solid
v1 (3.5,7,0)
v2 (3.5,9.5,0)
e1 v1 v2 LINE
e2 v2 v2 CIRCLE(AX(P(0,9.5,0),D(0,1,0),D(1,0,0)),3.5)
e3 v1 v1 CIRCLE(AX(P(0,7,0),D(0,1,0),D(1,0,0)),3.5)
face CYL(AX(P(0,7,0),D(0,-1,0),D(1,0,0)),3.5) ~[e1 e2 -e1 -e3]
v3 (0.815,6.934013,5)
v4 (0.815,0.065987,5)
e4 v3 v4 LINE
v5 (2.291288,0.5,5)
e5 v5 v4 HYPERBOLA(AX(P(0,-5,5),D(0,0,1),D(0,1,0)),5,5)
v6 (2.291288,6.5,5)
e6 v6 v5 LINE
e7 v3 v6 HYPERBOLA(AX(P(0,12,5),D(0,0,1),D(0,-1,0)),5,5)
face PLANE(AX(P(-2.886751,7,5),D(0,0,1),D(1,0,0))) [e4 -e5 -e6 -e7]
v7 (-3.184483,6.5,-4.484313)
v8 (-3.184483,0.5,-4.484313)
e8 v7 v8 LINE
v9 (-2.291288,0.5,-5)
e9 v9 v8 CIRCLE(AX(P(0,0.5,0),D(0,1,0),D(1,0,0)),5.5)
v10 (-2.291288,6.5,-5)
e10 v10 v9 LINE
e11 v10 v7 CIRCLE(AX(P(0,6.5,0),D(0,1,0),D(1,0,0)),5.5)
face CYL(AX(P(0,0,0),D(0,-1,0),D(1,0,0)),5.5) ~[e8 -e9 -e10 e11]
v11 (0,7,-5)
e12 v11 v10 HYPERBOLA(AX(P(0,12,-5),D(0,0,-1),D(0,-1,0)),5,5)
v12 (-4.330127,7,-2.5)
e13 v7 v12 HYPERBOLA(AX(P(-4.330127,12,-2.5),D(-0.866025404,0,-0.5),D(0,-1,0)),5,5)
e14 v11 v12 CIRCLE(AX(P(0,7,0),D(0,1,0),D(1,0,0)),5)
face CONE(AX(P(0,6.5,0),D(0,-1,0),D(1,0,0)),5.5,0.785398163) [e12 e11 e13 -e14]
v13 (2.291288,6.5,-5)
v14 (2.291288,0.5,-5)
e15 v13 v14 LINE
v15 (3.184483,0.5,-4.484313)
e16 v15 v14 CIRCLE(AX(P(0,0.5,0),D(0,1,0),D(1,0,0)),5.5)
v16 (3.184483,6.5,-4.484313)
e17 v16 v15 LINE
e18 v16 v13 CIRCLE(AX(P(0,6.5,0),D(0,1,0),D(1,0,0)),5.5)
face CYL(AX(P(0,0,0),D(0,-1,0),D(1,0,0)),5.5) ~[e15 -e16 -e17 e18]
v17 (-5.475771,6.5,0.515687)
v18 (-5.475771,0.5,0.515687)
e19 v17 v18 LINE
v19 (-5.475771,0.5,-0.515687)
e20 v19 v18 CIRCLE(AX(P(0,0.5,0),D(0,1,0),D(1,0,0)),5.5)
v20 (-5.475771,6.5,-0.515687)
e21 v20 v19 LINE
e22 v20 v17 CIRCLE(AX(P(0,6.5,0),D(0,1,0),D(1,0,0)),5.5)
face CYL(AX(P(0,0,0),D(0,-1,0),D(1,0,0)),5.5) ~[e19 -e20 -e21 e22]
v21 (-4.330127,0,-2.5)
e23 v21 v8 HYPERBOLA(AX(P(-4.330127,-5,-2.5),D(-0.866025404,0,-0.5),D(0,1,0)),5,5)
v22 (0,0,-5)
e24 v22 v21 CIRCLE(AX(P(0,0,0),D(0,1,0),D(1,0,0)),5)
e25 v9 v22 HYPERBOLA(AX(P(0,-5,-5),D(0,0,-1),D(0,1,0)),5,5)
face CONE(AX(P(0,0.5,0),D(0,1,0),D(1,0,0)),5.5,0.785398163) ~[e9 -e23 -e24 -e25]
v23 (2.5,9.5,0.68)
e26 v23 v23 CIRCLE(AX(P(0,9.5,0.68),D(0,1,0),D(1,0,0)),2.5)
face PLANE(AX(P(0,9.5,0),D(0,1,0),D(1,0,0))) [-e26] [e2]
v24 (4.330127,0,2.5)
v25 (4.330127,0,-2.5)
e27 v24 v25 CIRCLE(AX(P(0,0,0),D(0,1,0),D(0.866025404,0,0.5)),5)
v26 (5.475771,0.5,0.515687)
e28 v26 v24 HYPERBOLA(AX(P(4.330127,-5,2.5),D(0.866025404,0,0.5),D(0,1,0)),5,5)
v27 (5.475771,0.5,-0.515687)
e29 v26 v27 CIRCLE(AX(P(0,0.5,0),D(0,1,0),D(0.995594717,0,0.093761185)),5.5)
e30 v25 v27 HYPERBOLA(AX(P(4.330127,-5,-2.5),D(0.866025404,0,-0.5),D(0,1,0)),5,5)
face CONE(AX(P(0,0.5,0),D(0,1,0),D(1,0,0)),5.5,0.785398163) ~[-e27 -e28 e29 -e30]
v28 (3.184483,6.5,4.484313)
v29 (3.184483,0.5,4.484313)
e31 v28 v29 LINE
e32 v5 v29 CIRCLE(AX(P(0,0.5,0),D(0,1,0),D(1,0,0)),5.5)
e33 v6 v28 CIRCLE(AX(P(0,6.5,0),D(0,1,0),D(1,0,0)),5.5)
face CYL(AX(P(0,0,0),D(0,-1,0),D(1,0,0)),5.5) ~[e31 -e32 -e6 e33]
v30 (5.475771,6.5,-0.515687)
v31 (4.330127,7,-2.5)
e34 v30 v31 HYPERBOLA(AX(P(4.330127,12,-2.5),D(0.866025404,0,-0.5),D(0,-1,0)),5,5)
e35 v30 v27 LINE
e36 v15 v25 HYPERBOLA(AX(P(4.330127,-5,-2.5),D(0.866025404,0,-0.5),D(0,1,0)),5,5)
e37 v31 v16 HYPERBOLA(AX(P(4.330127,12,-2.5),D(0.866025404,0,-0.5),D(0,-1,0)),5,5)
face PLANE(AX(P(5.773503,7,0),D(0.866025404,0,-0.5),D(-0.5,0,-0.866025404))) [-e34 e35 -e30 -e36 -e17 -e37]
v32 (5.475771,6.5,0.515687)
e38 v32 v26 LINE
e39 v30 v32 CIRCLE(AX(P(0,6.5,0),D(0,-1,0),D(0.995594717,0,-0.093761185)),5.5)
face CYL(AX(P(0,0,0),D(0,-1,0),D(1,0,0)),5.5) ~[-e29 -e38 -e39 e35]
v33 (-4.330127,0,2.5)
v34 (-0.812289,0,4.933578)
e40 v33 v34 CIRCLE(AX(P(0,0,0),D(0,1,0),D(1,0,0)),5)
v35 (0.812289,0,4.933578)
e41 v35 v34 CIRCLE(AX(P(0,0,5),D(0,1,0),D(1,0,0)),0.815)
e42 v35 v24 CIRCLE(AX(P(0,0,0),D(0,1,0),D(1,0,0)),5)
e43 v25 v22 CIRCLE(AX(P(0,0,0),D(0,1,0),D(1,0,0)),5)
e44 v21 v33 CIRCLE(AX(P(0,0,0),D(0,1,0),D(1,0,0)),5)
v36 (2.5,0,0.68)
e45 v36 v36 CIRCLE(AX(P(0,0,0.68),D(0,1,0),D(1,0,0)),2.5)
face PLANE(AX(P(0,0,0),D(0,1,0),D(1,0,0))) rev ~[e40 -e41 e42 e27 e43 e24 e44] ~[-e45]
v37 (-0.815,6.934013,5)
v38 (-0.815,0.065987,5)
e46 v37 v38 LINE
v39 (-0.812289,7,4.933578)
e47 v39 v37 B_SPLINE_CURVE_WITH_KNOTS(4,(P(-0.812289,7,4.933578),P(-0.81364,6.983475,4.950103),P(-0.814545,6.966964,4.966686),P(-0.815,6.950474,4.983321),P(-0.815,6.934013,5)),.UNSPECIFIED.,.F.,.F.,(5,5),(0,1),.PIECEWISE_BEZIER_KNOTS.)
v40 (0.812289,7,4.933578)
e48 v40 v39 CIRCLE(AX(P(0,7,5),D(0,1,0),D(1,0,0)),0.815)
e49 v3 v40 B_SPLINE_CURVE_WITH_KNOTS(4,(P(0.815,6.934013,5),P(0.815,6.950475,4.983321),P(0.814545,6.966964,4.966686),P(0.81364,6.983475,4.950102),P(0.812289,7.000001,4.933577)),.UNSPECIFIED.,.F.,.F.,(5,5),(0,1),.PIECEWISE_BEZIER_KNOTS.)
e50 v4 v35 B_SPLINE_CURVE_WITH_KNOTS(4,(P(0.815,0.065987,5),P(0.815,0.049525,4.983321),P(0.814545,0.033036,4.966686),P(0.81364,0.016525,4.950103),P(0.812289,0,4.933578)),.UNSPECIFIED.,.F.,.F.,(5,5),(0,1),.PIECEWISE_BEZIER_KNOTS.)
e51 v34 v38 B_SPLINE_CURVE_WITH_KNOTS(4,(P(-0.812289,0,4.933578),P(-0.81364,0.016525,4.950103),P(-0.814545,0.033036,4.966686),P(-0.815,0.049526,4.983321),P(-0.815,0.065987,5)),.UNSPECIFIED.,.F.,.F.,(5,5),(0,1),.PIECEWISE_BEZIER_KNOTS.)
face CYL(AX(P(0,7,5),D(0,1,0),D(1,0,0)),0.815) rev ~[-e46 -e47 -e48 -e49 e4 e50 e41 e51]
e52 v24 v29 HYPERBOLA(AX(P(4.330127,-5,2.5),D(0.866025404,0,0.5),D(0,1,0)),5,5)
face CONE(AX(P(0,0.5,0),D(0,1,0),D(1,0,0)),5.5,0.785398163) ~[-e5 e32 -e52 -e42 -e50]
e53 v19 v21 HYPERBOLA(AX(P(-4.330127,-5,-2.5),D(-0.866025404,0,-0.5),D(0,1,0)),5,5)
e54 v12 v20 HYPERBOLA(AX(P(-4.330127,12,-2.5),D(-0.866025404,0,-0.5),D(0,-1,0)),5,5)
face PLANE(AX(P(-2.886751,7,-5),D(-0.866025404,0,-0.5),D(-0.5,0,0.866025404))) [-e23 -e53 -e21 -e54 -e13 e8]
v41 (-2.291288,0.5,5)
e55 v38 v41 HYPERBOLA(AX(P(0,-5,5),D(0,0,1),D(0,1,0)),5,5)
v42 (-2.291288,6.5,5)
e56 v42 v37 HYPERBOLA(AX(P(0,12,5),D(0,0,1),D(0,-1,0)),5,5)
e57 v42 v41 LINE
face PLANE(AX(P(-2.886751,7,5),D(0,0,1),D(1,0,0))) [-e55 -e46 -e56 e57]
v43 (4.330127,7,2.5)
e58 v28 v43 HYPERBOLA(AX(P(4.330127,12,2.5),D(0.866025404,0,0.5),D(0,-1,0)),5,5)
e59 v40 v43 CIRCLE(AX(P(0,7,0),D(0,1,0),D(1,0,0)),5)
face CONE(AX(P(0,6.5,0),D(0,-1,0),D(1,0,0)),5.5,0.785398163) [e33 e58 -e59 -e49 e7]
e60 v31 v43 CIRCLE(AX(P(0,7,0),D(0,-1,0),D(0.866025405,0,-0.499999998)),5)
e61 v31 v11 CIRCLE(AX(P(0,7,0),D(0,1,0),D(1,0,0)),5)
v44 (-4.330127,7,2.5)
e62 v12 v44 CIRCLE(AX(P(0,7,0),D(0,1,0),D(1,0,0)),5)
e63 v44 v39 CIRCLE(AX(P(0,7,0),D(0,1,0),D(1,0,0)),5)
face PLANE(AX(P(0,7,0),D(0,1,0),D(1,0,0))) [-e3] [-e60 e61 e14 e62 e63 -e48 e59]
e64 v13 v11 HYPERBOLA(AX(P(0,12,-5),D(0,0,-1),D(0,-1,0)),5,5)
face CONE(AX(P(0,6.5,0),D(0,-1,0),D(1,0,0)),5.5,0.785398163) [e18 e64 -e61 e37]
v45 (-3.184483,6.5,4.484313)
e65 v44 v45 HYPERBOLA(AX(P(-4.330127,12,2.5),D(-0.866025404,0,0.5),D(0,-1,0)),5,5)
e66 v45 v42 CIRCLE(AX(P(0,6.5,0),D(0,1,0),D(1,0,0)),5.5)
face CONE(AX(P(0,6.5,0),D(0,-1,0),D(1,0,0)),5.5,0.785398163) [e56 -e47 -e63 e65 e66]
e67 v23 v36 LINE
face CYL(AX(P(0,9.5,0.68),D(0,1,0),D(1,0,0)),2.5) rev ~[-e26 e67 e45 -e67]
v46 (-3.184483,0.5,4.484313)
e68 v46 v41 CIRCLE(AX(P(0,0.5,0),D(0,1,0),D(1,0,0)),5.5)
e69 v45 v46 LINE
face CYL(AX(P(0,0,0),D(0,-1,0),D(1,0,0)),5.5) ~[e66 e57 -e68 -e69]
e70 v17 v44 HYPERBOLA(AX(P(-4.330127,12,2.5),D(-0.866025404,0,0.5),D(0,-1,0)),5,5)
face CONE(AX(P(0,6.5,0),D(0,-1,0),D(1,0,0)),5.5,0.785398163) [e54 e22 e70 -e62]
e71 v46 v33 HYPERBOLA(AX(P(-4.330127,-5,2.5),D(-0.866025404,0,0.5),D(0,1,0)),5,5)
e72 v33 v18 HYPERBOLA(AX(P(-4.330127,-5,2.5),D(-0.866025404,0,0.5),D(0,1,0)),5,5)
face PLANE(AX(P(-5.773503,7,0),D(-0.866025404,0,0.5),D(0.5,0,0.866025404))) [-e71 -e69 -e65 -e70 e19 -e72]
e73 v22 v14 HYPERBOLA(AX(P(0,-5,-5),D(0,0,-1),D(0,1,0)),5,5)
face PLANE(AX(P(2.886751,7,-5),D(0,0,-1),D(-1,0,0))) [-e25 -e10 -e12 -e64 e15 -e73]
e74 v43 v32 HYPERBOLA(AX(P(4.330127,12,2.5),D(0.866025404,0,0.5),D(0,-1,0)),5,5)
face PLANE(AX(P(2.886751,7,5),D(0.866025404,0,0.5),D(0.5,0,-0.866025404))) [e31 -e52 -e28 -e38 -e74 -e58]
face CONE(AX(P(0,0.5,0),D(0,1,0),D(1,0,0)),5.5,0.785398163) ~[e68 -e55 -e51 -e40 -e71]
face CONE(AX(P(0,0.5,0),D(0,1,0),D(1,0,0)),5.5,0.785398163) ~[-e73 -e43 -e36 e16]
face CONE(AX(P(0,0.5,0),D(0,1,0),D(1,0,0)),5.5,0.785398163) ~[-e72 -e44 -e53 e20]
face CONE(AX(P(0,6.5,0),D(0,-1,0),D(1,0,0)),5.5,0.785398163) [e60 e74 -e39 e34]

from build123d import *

# Parameters (mm, degrees)
SKETCH2_R           = 5.5
BOSS_EXTRUDE2_DEPTH = 7
CHAMFER1_SIZE       = 0.5
SKETCH3_R           = 7.5
CUT_EXTRUDE1_DEPTH  = 8
CUT_EXTRUDE2_DEPTH  = 8
SKETCH5_R           = 3.5
BOSS_EXTRUDE3_DEPTH = 2.5
SKETCH6_R           = 2.5
CUT_EXTRUDE3_DEPTH  = 10.5000001


with BuildPart() as part:
    # Sketch2 → Boss-Extrude2 (new body)
    with BuildSketch(Plane(origin=(0, 0, 0), x_dir=(1, 0, 0), z_dir=(0, 1, 0))):
        Circle(SKETCH2_R)
    extrude(amount=BOSS_EXTRUDE2_DEPTH)

    # Chamfer1
    chamfer1_edges = [part.edges().sort_by_distance(p)[0] for p in [
        (-5.5, 0, 0),
        (-5.5, 7, 0),
    ]]
    chamfer(chamfer1_edges, length=CHAMFER1_SIZE)

    # Sketch3 → Cut-Extrude1 (cut, through all)
    with BuildSketch(Plane(origin=(0, 7, 0), x_dir=(1, 0, 0), z_dir=(0, 1, 0))):
        Circle(SKETCH3_R)
        Polygon((5.773502692, 0), (2.886751346, 5), (-2.886751346, 5), (-5.773502692, 0), (-2.886751346, -5), (2.886751346, -5), align=None, mode=Mode.SUBTRACT)
    extrude(amount=-CUT_EXTRUDE1_DEPTH, mode=Mode.SUBTRACT)

    # Sketch4 → Cut-Extrude2 (cut, through all)
    with BuildSketch(Plane(origin=(0, 7, 0), x_dir=(1, 0, 0), z_dir=(0, 1, 0))):
        with BuildLine():
            Line((-0.815, -5), (0.815, -5))
            ThreePointArc((0.815, -5), (0, -4.185), (-0.815, -5))
        make_face()
    extrude(amount=-CUT_EXTRUDE2_DEPTH, mode=Mode.SUBTRACT)

    # Sketch5 → Boss-Extrude3 (add)
    with BuildSketch(Plane(origin=(0, 7, 0), x_dir=(1, 0, 0), z_dir=(0, 1, 0))):
        Circle(SKETCH5_R)
    extrude(amount=BOSS_EXTRUDE3_DEPTH)

    # Sketch6 → Cut-Extrude3 (cut, through all)
    with BuildSketch(Plane(origin=(0, 9.5, 0), x_dir=(1, 0, 0), z_dir=(0, 1, 0))):
        with Locations((0, -0.68)):
            Circle(SKETCH6_R)
    extrude(amount=-CUT_EXTRUDE3_DEPTH, mode=Mode.SUBTRACT)


solid = part.part
